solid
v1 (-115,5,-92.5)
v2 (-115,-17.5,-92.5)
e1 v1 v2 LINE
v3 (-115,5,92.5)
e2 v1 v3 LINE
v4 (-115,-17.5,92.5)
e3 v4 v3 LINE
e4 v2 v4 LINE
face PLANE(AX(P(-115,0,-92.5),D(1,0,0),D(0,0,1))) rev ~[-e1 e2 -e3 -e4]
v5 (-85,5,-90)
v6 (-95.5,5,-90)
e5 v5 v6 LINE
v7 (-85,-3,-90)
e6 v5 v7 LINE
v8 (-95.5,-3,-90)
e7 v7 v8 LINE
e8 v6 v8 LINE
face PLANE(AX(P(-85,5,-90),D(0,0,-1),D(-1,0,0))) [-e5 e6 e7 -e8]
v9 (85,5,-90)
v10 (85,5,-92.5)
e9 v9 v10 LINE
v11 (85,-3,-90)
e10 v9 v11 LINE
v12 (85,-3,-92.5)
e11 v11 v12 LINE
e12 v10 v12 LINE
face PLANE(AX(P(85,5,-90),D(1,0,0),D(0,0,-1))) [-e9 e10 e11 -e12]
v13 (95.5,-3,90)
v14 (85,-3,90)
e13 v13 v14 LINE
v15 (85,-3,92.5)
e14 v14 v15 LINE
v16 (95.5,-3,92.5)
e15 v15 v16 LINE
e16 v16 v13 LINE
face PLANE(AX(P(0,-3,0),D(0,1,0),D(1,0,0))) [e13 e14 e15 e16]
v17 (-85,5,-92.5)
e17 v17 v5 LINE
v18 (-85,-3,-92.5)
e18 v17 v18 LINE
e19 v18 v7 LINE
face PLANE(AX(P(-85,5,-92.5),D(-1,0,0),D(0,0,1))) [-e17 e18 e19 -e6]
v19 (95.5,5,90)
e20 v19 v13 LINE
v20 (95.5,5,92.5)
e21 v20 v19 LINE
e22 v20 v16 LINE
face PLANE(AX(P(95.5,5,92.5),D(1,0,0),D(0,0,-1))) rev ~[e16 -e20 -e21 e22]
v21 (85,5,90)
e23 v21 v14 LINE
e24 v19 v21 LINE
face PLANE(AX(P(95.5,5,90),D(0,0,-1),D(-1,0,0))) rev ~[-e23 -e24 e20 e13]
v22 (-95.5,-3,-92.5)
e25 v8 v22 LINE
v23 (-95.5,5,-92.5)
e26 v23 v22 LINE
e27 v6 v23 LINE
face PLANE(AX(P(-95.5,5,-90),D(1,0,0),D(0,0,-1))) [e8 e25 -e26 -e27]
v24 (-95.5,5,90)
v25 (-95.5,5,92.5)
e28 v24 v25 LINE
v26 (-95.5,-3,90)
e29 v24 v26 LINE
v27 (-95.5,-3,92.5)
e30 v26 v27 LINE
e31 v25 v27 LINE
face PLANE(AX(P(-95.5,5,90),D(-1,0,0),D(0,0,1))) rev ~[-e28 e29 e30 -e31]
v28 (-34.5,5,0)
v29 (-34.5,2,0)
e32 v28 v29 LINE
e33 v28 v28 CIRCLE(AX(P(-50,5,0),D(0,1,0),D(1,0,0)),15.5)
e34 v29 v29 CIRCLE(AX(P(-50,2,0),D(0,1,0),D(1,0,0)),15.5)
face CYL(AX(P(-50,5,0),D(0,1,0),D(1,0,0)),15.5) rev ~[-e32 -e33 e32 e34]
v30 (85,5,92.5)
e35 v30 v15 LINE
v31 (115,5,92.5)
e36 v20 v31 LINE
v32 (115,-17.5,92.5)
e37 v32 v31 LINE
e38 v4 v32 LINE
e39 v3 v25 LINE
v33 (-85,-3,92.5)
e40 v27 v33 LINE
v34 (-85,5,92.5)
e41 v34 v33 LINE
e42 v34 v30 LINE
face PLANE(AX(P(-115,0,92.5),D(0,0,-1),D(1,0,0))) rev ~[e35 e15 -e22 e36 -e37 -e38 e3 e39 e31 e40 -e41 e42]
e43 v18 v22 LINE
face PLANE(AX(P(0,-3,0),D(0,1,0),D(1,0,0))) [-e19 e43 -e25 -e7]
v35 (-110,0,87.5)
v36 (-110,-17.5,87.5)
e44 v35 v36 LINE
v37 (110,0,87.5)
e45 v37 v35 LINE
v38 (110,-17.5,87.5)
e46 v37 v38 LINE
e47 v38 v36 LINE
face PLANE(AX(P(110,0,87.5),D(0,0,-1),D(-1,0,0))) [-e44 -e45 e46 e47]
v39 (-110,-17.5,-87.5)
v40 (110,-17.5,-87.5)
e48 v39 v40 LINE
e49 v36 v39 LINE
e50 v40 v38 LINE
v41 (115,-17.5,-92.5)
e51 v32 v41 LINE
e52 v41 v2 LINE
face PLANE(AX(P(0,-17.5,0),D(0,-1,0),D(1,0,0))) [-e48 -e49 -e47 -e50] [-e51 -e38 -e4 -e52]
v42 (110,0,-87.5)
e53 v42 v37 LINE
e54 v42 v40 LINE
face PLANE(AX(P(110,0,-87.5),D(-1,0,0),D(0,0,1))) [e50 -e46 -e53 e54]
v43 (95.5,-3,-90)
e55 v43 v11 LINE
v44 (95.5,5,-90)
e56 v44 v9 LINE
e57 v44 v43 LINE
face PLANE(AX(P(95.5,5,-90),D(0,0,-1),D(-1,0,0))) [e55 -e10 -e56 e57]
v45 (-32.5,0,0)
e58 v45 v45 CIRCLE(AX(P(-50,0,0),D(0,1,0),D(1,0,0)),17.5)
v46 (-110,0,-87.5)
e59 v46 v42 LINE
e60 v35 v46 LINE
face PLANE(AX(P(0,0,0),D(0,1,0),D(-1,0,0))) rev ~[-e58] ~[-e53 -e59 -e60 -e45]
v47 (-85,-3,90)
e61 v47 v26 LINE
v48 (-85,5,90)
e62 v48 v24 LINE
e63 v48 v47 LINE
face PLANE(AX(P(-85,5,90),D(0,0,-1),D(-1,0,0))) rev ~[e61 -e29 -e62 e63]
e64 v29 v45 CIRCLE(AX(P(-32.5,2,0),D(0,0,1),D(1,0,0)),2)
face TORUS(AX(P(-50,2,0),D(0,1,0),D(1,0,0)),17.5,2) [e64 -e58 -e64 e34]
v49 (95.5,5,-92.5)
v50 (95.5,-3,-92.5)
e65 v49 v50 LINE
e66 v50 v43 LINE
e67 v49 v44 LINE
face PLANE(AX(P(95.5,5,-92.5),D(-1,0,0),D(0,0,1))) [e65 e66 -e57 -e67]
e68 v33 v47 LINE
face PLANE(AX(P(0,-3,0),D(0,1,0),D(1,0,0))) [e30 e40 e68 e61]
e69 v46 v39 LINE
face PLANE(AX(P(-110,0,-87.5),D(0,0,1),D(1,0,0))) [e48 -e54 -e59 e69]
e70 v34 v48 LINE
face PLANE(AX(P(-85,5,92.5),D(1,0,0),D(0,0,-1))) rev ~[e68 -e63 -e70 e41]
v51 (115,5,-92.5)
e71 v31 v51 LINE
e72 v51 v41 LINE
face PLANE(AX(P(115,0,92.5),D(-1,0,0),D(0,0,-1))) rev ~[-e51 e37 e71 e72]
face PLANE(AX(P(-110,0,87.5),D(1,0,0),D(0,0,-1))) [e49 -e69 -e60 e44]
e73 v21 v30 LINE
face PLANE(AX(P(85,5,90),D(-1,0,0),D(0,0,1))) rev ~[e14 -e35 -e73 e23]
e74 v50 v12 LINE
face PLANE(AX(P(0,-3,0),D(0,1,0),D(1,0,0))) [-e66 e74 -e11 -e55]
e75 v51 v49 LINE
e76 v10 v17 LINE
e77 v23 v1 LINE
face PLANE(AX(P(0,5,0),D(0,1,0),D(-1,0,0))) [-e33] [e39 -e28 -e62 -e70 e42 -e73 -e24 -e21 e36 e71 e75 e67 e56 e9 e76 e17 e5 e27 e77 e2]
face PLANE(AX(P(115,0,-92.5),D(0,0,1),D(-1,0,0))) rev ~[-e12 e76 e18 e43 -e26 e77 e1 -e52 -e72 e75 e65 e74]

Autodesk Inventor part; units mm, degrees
ref_plane "YZ Plane" through (0, 0, 0) normal (1, 0, 0) x (0, 1, 0)
ref_plane "XZ Plane" through (0, 0, 0) normal (0, 1, 0) x (-1, 0, 0)
ref_plane "XY Plane" through (0, 0, 0) normal (0, 0, 1) x (1, 0, 0)
sketch "Sketch1" plane through (0, 0, 0) normal (0, 1, 0) x (-1, 0, 0)
  line L0 (115, 92.5) -> (-115, 92.5)
  line L1 (-115, 92.5) -> (-115, -92.5)
  line L2 (-115, -92.5) -> (115, -92.5)
  line L3 (115, -92.5) -> (115, 92.5)
  point P0 (0, 0)
  dimension "d0" = 230
  dimension "d1" = 185
  dimension "d2" = 115
  dimension "d3" = 92.5
extrude "Extrusion1" add sketch "Sketch1" along normal blind 5
sketch "Sketch2" plane through (0, 0, 0) normal (0, -1, 0) x (1, 0, 0)
  line L0 (110, 87.5) -> (-110, 87.5)
  line L1 (-110, 87.5) -> (-110, -87.5)
  line L2 (-110, -87.5) -> (110, -87.5)
  line L3 (110, -87.5) -> (110, 87.5)
  line L4 (-115, 92.5) -> (115, 92.5) projected
  line L5 (-115, -92.5) -> (-115, 92.5) projected
  line L6 (115, -92.5) -> (-115, -92.5) projected
  line L7 (115, 92.5) -> (115, -92.5) projected
  line L8 (115, 92.5) -> (-115, 92.5)
  line L9 (-115, 92.5) -> (-115, -92.5)
  line L10 (-115, -92.5) -> (115, -92.5)
  line L11 (115, -92.5) -> (115, 92.5)
  point P0 (0, 0)
  dimension "d109" = 5
  dimension "d110" = 5
  dimension "d111" = 5
  dimension "d112" = 5
extrude "Extrusion2" add sketch "Sketch2" along normal blind 17.5
sketch "Sketch3" plane through (0, 5, 0) normal (0, 1, 0) x (1, 0, 0)
  circle A0 centre (-50, 0) radius 15.5
  point P0 (0, 0)
  dimension "d12" = 31
  dimension "d13" = 50
extrude "Extrusion3" cut sketch "Sketch3" against normal through all
sketch "Sketch4" plane through (0, 5, 0) normal (0, 1, 0) x (1, 0, 0)
  circle A0 centre (-50, 0) radius 15.5 projected
  line L0 (-115, -92.5) -> (115, -92.5) projected
  line L1 (115, -92.5) -> (115, 92.5) projected
  line L2 (115, 92.5) -> (-115, 92.5) projected
  line L3 (-115, 92.5) -> (-115, -92.5) projected
  circle A1 centre (-97.5, -75) radius 7.5
  circle A2 centre (-97.5, 75) radius 7.5
  circle A3 centre (97.5, -75) radius 7.5
  circle A4 centre (97.5, 75) radius 7.5
  circle A5 centre (-97.5, -75) radius 8.5
  circle A6 centre (-97.5, 75) radius 8.5
  circle A7 centre (97.5, 75) radius 8.5
  circle A8 centre (97.5, -75) radius 8.5
  point P0 (0, 0)
  dimension "d16" = 15
  dimension "d17" = 17.5
  dimension "d18" = 17.5
  dimension "d19" = 15
  dimension "d20" = 15
  dimension "d21" = 15
  dimension "d22" = 17.5
  dimension "d23" = 17.5
  dimension "d24" = 17.5
  dimension "d25" = 17.5
  dimension "d26" = 17.5
  dimension "d27" = 17.5
  dimension "d28" = 17
  dimension "d29" = 17
  dimension "d30" = 17
  dimension "d31" = 17
  dimension "d34" = 75
  dimension "d35" = 97.5
extrude "Extrusion4" [suppressed]
sketch "Sketch8" plane through (0, 5, 0) normal (0, 1, 0) x (1, 0, 0)
  circle A0 centre (-50, 0) radius 15.5 projected
  line L0 (-115, -92.5) -> (115, -92.5) projected
  line L1 (115, -92.5) -> (115, 92.5) projected
  line L2 (115, 92.5) -> (-115, 92.5) projected
  line L3 (-115, 92.5) -> (-115, -92.5) projected
  line L4 (-50, 13.5) -> (-50, -13.5)
  line L5 (-50, 13.5) -> (-115, 13.5)
  line L6 (-50, -13.5) -> (-115, -13.5)
  line L7 (-115, -13.5) -> (-115, 13.5)
  point P0 (0, 0)
  dimension "d51" = 27
  dimension "d52" = 13.5
  dimension "d62" = 31
extrude "Extrusion8" [suppressed]
sketch "Sketch10" plane through (-115, 5, -13.5) normal (0, 0, 1) x (1, 0, 0)
  line L0 (5, -20) -> (0, -20) projected
  line L1 (5, -5) -> (5, -20) projected
  line L2 (65, -5) -> (5, -5) projected
  line L3 (65, 0) -> (65, -5) projected
  line L4 (0, 0) -> (65, 0) projected
  line L5 (0, -20) -> (0, 0) projected
  line L6 (5, -17.5) -> (2.5, -17.5)
  line L7 (2.5, -17.5) -> (2.5, -2.5)
  line L8 (2.5, -2.5) -> (5, -2.5)
  line L9 (5, -2.5) -> (5, -17.5)
  line L10 (62.5, -5) -> (2.5, -5)
  line L11 (2.5, -5) -> (2.5, -2.5)
  line L12 (2.5, -2.5) -> (62.5, -2.5)
  line L13 (62.5, -2.5) -> (62.5, -5)
  point P0 (115, -5)
  dimension "d64" = 2.5
  dimension "d65" = 15
  dimension "d67" = 2.5
  dimension "d68" = 2.5
  dimension "d71" = 2.5
  dimension "d72" = 0
extrude "Extrusion10" [suppressed]
mirror "Mirror3" [suppressed]
sketch "Sketch12" plane through (0, 5, 0) normal (0, 1, 0) x (1, 0, 0)
  line L0 (-115, 13.5) -> (-110, 13.5)
  line L1 (-110, 13.5) -> (-110, 87.5)
  line L2 (-110, 87.5) -> (110, 87.5)
  line L3 (110, 87.5) -> (110, -87.5)
  line L4 (110, -87.5) -> (-110, -87.5)
  line L5 (-110, -87.5) -> (-110, -13.5)
  line L6 (-110, -13.5) -> (-115, -13.5)
  line L7 (-115, -13.5) -> (-115, -92.5)
  line L8 (-115, -92.5) -> (115, -92.5)
  line L9 (115, -92.5) -> (115, 92.5)
  line L10 (115, 92.5) -> (-115, 92.5)
  line L11 (-115, 92.5) -> (-115, 13.5)
  line L12 (-95.5, -92.5) -> (-85, -92.5)
  line L13 (-85, -92.5) -> (-85, -90)
  line L14 (-85, -90) -> (-95.5, -90)
  line L15 (-95.5, -90) -> (-95.5, -92.5)
  line L16 (85, -92.5) -> (95.5, -92.5)
  line L17 (95.5, -92.5) -> (95.5, -90)
  line L18 (95.5, -90) -> (85, -90)
  line L19 (85, -90) -> (85, -92.5)
  line L20 (-95.5, 92.5) -> (-85, 92.5)
  line L21 (-85, 92.5) -> (-85, 90)
  line L22 (-85, 90) -> (-95.5, 90)
  line L23 (-95.5, 90) -> (-95.5, 92.5)
  line L24 (85, 92.5) -> (95.5, 92.5)
  line L25 (95.5, 92.5) -> (95.5, 90)
  line L26 (95.5, 90) -> (85, 90)
  line L27 (85, 90) -> (85, 92.5)
  point P0 (0, 0)
  point P1 (0, 0)
  dimension "d87" = 10.5
  dimension "d88" = 2.5
  dimension "d90" = 10.5
  dimension "d91" = 2.5
  dimension "d93" = 2.5
  dimension "d94" = 10.5
  dimension "d96" = 2.5
  dimension "d97" = 10.5
  dimension "d114" = 85
  dimension "d115" = 85
  dimension "d116" = 85
  dimension "d117" = 85
  dimension "d122" = 5
  dimension "d123" = 5
  dimension "d124" = 230
  dimension "d125" = 230
  dimension "d126" = 19.5
  dimension "d127" = 19.5
  dimension "d128" = 19.5
  dimension "d129" = 19.5
  dimension "d131" = 5
extrude "Extrusion12" cut sketch "Sketch12" against normal blind 8 contours L10 L21 L22 L23 | L10 L25 L26 L27 | L8 L19 L18 L17 | L15 L14 L13 L8
sketch "Sketch13" plane through (0, -17.5, 0) normal (0, -1, 0) x (1, 0, 0)
  line L0 (-110, -87.5) -> (-110, 87.5) projected
  line L1 (-110, 87.5) -> (110, 87.5) projected
  line L2 (110, 87.5) -> (110, -87.5) projected
  line L3 (110, -87.5) -> (-110, -87.5) projected
  line L4 (-115, 92.5) -> (-115, -92.5) projected
  line L5 (-115, -92.5) -> (115, -92.5) projected
  line L6 (115, -92.5) -> (115, 92.5) projected
  line L7 (115, 92.5) -> (-115, 92.5) projected
  line L8 (112.75, -90.25) -> (-112.75, -90.25)
  line L9 (-112.75, -90.25) -> (-112.75, 90.25)
  line L10 (-112.75, 90.25) -> (112.75, 90.25)
  line L11 (112.75, 90.25) -> (112.75, -90.25)
  point P0 (0, 0)
  dimension "d101" = 185
  dimension "d102" = 180.5
  dimension "d104" = 225.5
  dimension "d105" = 112.75
  dimension "d106" = 90.25
extrude "Extrusion13" [suppressed]
fillet "Fillet1" radius 2 1 edges at (-65.5, 0, 0)
equation "\"d2\" = 0.5 * d0"
equation "\"d3\" = 0.5 * d1"
equation "\"d110\" = d109"
equation "\"d111\" = d109"
equation "\"d112\" = d109"
equation "\"d18\" = d17"
equation "\"d19\" = d16"
equation "\"d20\" = d16"
equation "\"d21\" = d16"
equation "\"d22\" = d17"
equation "\"d23\" = d22"
equation "\"d24\" = d17"
equation "\"d25\" = d24"
equation "\"d26\" = d17"
equation "\"d27\" = d26"
equation "\"d29\" = d28"
equation "\"d30\" = d28"
equation "\"d31\" = d28"
equation "\"d52\" = 0.5 * d51"
equation "\"d90\" = d87"
equation "\"d91\" = d88"
equation "\"d93\" = d88"
equation "\"d94\" = d87"
equation "\"d96\" = d88"
equation "\"d97\" = d87"
equation "\"d115\" = d114"
equation "\"d116\" = d114"
equation "\"d117\" = d114"
equation "\"d105\" = 0.5 * d104"
equation "\"d106\" = 0.5 * d102"
properties part number "Bottom Roof"
